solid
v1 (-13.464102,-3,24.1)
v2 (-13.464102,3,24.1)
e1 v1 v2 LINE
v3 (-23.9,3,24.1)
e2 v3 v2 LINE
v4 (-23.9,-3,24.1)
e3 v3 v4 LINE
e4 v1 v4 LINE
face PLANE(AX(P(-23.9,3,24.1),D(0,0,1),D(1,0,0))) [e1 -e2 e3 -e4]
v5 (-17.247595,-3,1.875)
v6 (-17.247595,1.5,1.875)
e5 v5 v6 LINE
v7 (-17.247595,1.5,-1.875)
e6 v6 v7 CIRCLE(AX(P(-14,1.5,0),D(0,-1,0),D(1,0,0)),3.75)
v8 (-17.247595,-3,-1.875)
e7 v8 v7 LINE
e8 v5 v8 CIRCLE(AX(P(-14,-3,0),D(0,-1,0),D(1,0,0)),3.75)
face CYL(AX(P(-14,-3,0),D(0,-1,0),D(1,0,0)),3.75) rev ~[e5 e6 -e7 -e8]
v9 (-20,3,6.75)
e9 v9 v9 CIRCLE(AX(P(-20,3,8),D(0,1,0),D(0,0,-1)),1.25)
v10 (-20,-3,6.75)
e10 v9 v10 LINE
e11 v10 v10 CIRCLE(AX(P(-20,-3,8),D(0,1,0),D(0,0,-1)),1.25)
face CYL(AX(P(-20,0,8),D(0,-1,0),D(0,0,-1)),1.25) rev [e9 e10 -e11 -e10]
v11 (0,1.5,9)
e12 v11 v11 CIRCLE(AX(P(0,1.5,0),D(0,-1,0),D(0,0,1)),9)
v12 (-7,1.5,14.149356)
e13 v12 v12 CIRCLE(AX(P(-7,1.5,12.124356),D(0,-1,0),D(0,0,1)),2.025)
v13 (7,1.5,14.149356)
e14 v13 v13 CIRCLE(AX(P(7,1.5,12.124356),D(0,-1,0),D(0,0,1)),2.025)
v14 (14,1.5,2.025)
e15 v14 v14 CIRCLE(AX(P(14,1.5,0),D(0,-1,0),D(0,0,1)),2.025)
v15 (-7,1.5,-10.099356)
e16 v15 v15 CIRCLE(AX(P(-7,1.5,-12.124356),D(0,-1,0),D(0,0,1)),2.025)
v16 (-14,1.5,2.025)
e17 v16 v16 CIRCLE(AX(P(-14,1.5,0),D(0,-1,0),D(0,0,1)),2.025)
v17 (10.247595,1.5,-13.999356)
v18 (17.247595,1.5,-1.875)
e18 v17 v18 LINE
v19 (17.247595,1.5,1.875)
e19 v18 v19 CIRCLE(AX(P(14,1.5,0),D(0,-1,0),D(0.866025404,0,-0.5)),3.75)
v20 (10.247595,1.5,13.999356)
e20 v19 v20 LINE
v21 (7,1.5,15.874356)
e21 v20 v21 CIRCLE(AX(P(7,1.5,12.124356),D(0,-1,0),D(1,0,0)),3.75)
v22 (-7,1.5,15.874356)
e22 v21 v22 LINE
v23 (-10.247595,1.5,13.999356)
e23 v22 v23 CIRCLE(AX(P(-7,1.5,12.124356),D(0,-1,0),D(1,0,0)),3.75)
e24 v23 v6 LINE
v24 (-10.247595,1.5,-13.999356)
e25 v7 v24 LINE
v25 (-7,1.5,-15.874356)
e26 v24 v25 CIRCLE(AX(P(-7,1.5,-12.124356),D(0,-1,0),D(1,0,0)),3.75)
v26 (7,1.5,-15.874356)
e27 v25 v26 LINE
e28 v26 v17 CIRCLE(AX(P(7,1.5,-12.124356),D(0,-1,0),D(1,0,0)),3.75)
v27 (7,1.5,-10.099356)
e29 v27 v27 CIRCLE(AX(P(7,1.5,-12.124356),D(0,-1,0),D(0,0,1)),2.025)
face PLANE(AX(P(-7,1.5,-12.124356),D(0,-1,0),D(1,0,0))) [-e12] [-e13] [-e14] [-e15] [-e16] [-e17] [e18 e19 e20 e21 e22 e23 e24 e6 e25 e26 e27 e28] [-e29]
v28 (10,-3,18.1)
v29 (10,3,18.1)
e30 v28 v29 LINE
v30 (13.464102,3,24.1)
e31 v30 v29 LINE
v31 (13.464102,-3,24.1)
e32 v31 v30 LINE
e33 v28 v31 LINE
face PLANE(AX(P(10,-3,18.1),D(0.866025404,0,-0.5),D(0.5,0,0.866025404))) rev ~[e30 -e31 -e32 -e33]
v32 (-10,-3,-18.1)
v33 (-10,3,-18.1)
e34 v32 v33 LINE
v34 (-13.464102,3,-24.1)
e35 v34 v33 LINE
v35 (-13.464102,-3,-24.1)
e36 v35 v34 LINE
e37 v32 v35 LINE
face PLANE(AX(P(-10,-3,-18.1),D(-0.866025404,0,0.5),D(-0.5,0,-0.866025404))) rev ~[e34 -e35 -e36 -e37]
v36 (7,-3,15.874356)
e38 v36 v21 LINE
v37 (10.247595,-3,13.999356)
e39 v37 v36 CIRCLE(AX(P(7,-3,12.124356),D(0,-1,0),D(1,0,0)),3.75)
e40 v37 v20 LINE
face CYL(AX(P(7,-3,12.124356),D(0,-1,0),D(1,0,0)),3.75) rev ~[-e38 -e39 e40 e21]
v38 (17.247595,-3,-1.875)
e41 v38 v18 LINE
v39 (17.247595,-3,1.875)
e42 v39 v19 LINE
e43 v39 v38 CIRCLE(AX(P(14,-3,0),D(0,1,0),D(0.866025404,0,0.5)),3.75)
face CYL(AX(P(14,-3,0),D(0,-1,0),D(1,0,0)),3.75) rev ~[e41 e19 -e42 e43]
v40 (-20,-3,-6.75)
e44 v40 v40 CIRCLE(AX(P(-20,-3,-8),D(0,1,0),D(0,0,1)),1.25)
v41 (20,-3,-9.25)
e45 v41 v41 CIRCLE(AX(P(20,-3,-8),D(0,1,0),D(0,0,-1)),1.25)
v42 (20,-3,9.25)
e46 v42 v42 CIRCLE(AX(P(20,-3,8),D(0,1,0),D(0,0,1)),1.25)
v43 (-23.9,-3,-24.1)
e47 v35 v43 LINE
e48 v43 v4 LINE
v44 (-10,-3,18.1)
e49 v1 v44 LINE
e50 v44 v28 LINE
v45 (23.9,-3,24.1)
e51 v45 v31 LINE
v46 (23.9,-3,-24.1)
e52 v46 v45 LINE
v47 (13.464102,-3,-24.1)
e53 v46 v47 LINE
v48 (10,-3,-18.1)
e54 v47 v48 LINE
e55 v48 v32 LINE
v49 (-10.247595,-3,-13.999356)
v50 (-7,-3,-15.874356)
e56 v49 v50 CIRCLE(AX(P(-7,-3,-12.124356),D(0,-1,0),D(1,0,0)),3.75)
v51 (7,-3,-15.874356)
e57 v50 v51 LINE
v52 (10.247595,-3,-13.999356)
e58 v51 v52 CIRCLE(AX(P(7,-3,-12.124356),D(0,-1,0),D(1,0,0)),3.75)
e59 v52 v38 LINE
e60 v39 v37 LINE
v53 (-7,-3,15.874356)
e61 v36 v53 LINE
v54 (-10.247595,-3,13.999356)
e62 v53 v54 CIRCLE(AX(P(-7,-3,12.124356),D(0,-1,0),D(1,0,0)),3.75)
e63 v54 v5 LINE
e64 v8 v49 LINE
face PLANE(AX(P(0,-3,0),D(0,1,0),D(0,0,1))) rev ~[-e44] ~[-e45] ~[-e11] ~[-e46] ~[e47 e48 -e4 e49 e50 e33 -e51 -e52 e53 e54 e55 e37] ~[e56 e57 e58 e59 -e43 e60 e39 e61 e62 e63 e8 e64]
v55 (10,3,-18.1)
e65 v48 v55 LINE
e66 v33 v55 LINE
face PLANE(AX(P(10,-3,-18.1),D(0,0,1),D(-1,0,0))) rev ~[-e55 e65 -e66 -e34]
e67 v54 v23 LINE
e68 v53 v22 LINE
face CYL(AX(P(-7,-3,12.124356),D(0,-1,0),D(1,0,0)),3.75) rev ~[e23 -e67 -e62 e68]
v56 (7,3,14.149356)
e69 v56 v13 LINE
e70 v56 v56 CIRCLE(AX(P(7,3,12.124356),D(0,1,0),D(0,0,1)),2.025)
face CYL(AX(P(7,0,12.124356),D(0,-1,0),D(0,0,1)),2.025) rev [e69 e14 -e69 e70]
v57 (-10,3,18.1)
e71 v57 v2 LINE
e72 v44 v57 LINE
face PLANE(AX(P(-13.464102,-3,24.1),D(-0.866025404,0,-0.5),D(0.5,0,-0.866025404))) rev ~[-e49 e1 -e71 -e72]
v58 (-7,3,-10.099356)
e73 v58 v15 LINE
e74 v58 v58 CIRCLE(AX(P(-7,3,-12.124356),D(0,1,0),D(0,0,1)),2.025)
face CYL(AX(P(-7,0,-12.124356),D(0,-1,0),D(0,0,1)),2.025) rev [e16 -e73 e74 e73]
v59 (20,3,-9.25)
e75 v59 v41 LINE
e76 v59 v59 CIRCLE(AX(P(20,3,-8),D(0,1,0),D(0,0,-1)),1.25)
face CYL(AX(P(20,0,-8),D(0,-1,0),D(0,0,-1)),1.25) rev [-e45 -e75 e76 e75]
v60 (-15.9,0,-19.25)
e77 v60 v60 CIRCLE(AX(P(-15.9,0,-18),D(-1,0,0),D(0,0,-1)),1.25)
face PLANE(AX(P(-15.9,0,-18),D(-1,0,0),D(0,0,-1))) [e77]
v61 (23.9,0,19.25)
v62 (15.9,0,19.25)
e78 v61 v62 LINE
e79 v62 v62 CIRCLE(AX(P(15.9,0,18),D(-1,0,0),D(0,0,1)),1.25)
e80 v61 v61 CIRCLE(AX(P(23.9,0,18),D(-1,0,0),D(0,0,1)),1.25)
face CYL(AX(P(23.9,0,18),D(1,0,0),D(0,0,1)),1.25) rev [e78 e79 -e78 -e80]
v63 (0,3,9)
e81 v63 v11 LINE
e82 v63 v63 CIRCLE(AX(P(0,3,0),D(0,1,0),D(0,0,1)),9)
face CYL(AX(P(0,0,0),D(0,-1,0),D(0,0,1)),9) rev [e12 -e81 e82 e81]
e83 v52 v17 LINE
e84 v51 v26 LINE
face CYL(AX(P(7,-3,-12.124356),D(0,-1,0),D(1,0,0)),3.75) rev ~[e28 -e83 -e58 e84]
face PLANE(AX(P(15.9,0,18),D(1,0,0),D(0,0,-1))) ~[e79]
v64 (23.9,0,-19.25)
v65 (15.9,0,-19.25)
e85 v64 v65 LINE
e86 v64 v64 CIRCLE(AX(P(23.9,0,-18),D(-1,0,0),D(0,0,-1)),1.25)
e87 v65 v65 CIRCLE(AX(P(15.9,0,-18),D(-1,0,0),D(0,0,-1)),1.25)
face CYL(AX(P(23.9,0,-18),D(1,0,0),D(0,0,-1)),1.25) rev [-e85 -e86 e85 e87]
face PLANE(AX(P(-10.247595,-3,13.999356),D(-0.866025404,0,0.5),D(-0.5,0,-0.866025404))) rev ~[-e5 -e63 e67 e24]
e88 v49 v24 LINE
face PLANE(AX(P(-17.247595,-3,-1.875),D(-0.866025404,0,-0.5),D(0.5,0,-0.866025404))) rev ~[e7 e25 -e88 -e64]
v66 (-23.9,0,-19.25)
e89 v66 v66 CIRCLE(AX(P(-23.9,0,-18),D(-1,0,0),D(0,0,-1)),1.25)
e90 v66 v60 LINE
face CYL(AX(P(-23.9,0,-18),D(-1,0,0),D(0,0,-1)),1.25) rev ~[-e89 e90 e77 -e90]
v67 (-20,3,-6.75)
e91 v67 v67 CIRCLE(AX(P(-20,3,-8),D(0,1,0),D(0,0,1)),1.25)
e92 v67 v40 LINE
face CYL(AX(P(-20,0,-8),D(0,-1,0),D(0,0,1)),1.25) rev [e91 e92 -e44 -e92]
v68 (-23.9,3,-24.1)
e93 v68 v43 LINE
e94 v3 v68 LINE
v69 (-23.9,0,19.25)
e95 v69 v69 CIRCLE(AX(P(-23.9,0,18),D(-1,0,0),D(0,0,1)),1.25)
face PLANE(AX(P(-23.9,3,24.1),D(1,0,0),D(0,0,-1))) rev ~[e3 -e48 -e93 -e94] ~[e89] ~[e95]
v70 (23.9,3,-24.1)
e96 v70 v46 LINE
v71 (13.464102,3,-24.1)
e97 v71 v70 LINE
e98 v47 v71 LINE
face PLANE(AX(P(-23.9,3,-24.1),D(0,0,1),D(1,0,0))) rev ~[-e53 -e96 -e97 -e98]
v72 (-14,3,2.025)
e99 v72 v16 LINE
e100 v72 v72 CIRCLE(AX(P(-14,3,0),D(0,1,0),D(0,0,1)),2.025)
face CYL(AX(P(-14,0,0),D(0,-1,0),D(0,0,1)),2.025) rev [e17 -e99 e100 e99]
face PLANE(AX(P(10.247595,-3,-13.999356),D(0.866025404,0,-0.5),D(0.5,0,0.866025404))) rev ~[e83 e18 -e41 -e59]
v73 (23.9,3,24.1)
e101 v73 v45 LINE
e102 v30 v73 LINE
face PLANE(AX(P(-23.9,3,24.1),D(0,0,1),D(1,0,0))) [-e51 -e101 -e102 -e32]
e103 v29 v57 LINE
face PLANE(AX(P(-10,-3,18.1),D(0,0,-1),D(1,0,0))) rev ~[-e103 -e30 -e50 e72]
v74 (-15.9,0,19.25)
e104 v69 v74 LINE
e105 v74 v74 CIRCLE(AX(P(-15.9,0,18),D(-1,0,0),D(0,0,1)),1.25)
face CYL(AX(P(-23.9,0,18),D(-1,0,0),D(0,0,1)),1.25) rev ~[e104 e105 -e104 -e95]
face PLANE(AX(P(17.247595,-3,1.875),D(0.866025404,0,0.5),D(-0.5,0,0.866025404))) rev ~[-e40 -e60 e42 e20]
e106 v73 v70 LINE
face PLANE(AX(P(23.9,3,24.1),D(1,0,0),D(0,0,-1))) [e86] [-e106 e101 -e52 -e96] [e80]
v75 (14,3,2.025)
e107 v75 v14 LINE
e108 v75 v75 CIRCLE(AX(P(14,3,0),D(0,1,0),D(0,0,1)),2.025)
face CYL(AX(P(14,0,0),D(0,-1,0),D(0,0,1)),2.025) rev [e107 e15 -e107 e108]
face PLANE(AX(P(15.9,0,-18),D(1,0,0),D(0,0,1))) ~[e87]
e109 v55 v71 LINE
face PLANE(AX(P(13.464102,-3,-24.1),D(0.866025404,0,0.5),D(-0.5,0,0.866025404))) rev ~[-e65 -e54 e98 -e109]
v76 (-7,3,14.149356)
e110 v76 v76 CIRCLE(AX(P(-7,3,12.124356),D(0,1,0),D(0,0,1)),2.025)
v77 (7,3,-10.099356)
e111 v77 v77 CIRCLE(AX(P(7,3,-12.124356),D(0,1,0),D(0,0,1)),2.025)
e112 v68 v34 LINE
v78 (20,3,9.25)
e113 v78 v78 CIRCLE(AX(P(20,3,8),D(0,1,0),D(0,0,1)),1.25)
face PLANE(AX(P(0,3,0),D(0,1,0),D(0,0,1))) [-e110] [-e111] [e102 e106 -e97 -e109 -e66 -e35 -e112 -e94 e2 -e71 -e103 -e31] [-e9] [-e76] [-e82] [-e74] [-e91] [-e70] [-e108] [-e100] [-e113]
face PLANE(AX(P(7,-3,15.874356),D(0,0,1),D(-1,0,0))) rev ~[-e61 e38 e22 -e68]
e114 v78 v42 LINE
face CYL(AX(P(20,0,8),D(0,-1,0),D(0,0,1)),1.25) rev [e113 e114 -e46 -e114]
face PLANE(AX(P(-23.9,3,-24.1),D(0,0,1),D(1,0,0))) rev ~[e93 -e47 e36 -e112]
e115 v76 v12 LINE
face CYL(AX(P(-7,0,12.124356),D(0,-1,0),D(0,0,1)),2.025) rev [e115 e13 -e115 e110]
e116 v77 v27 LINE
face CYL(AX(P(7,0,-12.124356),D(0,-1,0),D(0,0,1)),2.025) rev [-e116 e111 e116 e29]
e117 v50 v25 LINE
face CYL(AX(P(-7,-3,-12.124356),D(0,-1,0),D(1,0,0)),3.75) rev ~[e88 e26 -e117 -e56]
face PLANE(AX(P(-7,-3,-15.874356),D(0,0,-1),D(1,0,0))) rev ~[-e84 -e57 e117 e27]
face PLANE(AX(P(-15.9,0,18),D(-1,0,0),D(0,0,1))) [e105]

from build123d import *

# Parameters (mm, degrees)
SKETCH_1_R          = 35
SKETCH_1_R_2        = 2.025
SKETCH_1_R_3        = 9
SKETCH_1_R_4        = 1.25
EXTRUDE_1_DEPTH     = 3
CUT_EXTRUDE_1_REACH = 51.86
SKETCH_2_R          = 35
SKETCH_2_W          = 47.8
SKETCH_2_H          = 48.2
SKETCH_3_R          = 1.25
CUT_EXTRUDE_2_DEPTH = 8
SKETCH_5_R          = 9
SKETCH_5_R_2        = 3.75
SKETCH_5_R_3        = 2.025
CUT_EXTRUDE_4_DEPTH = 4.5
CUT_EXTRUDE_6_DEPTH = 35.467666007


with BuildPart() as part:
    # 草图1 → 凸台-拉伸1 (new, symmetric)
    with BuildSketch(Plane(origin=(0, 0, 0), x_dir=(1, 0, 0), z_dir=(0, 1, 0))):
        with Locations(Location((0, 0, 0), (0, 0, 270))):
            Circle(SKETCH_1_R)
        with Locations(Location((14, 0, 0), (0, 0, 270))):
            Circle(SKETCH_1_R_2, mode=Mode.SUBTRACT)
        with Locations(Location((7, -12.124355653, 0), (0, 0, 270))):
            Circle(SKETCH_1_R_2, mode=Mode.SUBTRACT)
        with Locations(Location((-7, -12.124355653, 0), (0, 0, 270))):
            Circle(SKETCH_1_R_2, mode=Mode.SUBTRACT)
        with Locations(Location((-14, 0, 0), (0, 0, 270))):
            Circle(SKETCH_1_R_2, mode=Mode.SUBTRACT)
        with Locations(Location((-7, 12.124355653, 0), (0, 0, 270))):
            Circle(SKETCH_1_R_2, mode=Mode.SUBTRACT)
        with Locations(Location((7, 12.124355653, 0), (0, 0, 270))):
            Circle(SKETCH_1_R_2, mode=Mode.SUBTRACT)
        with Locations(Location((0, 0, 0), (0, 0, 270))):
            Circle(SKETCH_1_R_3, mode=Mode.SUBTRACT)
        with Locations(Location((-20, 8, 0), (0, 0, 270))):
            Circle(SKETCH_1_R_4, mode=Mode.SUBTRACT)
        with Locations(Location((-20, -8, 0), (0, 0, 90))):
            Circle(SKETCH_1_R_4, mode=Mode.SUBTRACT)
        with Locations(Location((20, -8, 0), (0, 0, 270))):
            Circle(SKETCH_1_R_4, mode=Mode.SUBTRACT)
        with Locations(Location((20, 8, 0), (0, 0, 90))):
            Circle(SKETCH_1_R_4, mode=Mode.SUBTRACT)
    extrude(amount=EXTRUDE_1_DEPTH, both=True)

    # 草图2 → 切除-拉伸1 (cut, up to next)
    with BuildSketch(Plane(origin=(0, 3, 0), x_dir=(1, 0, 0), z_dir=(0, 1, 0)), mode=Mode.PRIVATE) as cut_extrude_1_sk1:
        Circle(SKETCH_2_R)
        Rectangle(SKETCH_2_W, SKETCH_2_H, mode=Mode.SUBTRACT)
    cut_extrude_1_tool1 = extrude(cut_extrude_1_sk1.sketch, amount=-CUT_EXTRUDE_1_REACH, mode=Mode.PRIVATE) & part.part
    add(cut_extrude_1_tool1.solids().sort_by_distance((-34.010051, 3, 0))[0], mode=Mode.SUBTRACT)

    # 草图3 → 切除-拉伸2 (cut)
    with BuildSketch(Plane.ZY.offset(23.9)):
        with Locations((18, 0)):
            Circle(SKETCH_3_R)
        with Locations(Location((-18, 0, 0), (0, 0, 180))):
            Circle(SKETCH_3_R)
    cut_extrude_2 = extrude(amount=-CUT_EXTRUDE_2_DEPTH, mode=Mode.SUBTRACT)

    # 草图5 → 切除-拉伸4 (cut)
    # profile 1 of 7: a face of its own
    with BuildSketch(Plane.XZ.offset(3)):
        with BuildLine():
            Line((7, 15.874355653), (-7, 15.874355653))
            ThreePointArc((-7, 15.874355653), (-4.348349571, 14.776006082), (-3.25, 12.124355653))
            ThreePointArc((-3.25, 12.124355653), (-7.970571419, 8.502133804), (-10.247595264, 13.999355653))
            Line((-10.247595264, 13.999355653), (-17.247595264, 1.875))
            ThreePointArc((-17.247595264, 1.875), (-13.029428581, 3.622221849), (-10.25, 0))
            ThreePointArc((-10.25, 0), (-13.029428581, -3.622221849), (-17.247595264, -1.875))
            Line((-17.247595264, -1.875), (-10.247595264, -13.999355653))
            ThreePointArc((-10.247595264, -13.999355653), (-7.970571419, -8.502133804), (-3.25, -12.124355653))
            ThreePointArc((-3.25, -12.124355653), (-4.348349571, -14.776006082), (-7, -15.874355653))
            Line((-7, -15.874355653), (7, -15.874355653))
            ThreePointArc((7, -15.874355653), (4.348349571, -9.472705224), (10.75, -12.124355653))
            ThreePointArc((10.75, -12.124355653), (10.622221849, -13.094927072), (10.247595264, -13.999355653))
            Line((10.247595264, -13.999355653), (17.247595264, -1.875))
            ThreePointArc((17.247595264, -1.875), (10.25, 0), (17.247595264, 1.875))
            Line((17.247595264, 1.875), (10.247595264, 13.999355653))
            ThreePointArc((10.247595264, 13.999355653), (10.622221849, 13.094927072), (10.75, 12.124355653))
            ThreePointArc((10.75, 12.124355653), (4.348349571, 9.472705224), (7, 15.874355653))
        make_face()
        with Locations(Location((0, 0, 0), (0, 0, 270))):
            Circle(SKETCH_5_R, mode=Mode.SUBTRACT)
    # profile 2 of 7: a face of its own
    with BuildSketch(Plane.XZ.offset(3)):
        with Locations((-14, 0)):
            Circle(SKETCH_5_R_2)
        with Locations(Location((-14, 0, 0), (0, 0, 270))):
            Circle(SKETCH_5_R_3, mode=Mode.SUBTRACT)
    # profile 3 of 7: a face of its own
    with BuildSketch(Plane.XZ.offset(3)):
        with Locations((-7, 12.124355653)):
            Circle(SKETCH_5_R_2)
        with Locations(Location((-7, 12.124355653, 0), (0, 0, 270))):
            Circle(SKETCH_5_R_3, mode=Mode.SUBTRACT)
    # profile 4 of 7: a face of its own
    with BuildSketch(Plane.XZ.offset(3)):
        with Locations((7, 12.124355653)):
            Circle(SKETCH_5_R_2)
        with Locations(Location((7, 12.124355653, 0), (0, 0, 270))):
            Circle(SKETCH_5_R_3, mode=Mode.SUBTRACT)
    # profile 5 of 7: a face of its own
    with BuildSketch(Plane.XZ.offset(3)):
        with Locations((14, 0)):
            Circle(SKETCH_5_R_2)
        with Locations(Location((14, 0, 0), (0, 0, 270))):
            Circle(SKETCH_5_R_3, mode=Mode.SUBTRACT)
    # profile 6 of 7: a face of its own
    with BuildSketch(Plane.XZ.offset(3)):
        with Locations((7, -12.124355653)):
            Circle(SKETCH_5_R_2)
        with Locations(Location((7, -12.124355653, 0), (0, 0, 270))):
            Circle(SKETCH_5_R_3, mode=Mode.SUBTRACT)
    # profile 7 of 7: a face of its own
    with BuildSketch(Plane.XZ.offset(3)):
        with Locations((-7, -12.124355653)):
            Circle(SKETCH_5_R_2)
        with Locations(Location((-7, -12.124355653, 0), (0, 0, 270))):
            Circle(SKETCH_5_R_3, mode=Mode.SUBTRACT)
    extrude(amount=-CUT_EXTRUDE_4_DEPTH, mode=Mode.SUBTRACT)

    # 镜向1: 切除-拉伸2 across plane
    add(cut_extrude_2.mirror(Plane(origin=(0, 0, 0), x_dir=(0, 0, 1), z_dir=(1, 0, 0))), mode=Mode.SUBTRACT)

    # 草图7 → 切除-拉伸6 (cut, through all)
    with BuildSketch(Plane.XZ.offset(3)):
        Polygon((-13.464101615, 24.1), (-10, 18.1), (10, 18.1), (13.464101615, 24.1), align=None)
        Polygon((10, -18.1), (-10, -18.1), (-13.464101615, -24.1), (13.464101615, -24.1), align=None)
    extrude(amount=-CUT_EXTRUDE_6_DEPTH, mode=Mode.SUBTRACT)


solid = part.part
